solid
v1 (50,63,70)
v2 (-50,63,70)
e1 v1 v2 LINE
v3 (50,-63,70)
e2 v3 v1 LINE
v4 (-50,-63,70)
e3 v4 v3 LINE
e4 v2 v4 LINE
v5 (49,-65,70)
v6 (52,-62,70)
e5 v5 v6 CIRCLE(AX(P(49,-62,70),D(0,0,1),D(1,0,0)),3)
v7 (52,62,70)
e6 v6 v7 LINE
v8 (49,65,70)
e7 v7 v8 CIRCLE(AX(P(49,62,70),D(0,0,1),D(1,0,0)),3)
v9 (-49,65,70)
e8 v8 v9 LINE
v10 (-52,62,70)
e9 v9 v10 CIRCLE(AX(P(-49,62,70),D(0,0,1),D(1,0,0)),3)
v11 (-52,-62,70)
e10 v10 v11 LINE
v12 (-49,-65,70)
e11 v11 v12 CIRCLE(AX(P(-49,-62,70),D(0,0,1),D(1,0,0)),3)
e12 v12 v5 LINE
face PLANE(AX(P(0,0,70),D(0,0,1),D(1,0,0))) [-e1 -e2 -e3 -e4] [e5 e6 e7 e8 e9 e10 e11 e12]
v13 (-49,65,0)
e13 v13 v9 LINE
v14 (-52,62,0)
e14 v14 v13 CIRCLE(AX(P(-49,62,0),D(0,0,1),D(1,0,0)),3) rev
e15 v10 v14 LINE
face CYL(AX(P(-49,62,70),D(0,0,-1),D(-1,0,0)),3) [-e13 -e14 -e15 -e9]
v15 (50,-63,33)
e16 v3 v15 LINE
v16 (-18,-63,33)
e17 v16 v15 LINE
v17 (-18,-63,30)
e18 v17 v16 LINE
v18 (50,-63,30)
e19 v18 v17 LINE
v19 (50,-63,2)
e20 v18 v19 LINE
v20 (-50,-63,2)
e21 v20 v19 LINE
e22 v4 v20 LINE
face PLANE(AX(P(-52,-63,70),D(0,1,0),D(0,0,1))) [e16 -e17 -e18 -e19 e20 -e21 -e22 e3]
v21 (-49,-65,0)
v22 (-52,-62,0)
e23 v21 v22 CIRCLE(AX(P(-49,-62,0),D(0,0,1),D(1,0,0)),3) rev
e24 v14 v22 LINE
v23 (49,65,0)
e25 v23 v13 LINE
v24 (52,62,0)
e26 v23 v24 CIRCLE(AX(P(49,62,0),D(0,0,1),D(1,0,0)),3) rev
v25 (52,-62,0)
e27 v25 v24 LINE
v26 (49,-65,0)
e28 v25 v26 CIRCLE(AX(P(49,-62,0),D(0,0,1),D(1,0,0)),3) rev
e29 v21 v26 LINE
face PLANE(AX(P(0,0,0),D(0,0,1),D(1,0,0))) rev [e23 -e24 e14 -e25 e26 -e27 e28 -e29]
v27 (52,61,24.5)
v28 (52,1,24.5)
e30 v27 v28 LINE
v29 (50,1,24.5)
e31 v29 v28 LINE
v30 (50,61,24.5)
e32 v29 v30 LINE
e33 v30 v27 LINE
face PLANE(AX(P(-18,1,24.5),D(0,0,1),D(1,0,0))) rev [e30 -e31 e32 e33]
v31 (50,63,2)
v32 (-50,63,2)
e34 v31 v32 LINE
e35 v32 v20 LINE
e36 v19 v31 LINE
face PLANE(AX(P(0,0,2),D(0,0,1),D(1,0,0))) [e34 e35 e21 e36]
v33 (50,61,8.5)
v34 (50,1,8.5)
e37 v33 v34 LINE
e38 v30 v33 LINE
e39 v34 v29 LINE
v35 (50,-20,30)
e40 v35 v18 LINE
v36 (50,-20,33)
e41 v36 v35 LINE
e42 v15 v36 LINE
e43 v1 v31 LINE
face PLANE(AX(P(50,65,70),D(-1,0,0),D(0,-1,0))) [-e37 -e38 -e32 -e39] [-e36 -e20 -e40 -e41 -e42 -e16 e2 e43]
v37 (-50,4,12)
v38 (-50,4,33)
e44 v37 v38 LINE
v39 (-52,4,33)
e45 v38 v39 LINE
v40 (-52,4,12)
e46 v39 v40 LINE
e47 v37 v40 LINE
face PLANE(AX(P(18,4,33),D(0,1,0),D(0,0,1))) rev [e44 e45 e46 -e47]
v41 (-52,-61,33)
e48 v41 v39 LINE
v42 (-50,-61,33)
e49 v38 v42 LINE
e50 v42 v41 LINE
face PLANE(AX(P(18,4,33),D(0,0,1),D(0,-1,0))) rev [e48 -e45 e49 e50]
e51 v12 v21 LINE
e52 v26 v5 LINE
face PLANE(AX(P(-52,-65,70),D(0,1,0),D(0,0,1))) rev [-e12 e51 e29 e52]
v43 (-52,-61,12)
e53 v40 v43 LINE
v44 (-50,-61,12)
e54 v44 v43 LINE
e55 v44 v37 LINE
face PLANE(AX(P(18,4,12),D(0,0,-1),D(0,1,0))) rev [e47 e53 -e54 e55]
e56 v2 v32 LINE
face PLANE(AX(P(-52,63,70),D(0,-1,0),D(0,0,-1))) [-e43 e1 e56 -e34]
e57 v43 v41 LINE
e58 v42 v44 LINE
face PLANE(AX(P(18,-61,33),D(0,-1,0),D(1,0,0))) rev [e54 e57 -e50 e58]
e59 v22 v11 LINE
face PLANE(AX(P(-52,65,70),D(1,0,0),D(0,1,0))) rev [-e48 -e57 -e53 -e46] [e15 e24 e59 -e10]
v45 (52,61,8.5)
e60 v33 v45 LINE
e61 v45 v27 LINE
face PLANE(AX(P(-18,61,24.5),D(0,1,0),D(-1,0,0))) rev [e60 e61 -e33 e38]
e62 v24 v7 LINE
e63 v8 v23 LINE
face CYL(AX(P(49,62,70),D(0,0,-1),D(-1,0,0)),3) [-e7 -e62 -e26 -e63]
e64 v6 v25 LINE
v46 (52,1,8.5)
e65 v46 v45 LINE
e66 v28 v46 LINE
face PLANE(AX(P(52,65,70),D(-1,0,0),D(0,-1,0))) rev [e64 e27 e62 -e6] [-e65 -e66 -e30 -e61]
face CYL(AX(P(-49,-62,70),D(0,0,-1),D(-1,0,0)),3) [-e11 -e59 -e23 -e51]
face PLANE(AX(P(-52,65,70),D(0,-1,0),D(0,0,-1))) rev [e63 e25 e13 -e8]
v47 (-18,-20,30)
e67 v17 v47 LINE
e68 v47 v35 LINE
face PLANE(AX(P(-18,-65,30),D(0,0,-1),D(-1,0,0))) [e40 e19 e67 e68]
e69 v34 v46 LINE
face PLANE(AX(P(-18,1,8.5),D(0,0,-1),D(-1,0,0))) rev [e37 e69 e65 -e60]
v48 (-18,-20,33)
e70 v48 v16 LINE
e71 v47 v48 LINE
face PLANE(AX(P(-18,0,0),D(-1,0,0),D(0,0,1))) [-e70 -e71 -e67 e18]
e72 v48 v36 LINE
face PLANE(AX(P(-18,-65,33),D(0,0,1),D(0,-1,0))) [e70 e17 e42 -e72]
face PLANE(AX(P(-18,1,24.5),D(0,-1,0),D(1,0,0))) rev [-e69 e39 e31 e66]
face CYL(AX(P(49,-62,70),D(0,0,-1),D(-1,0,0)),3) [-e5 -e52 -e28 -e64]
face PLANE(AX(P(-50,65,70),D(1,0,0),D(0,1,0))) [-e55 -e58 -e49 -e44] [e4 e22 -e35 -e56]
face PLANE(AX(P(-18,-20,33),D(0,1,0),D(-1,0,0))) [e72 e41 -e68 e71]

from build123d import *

# Parameters (mm, degrees)
SKETCH_1_W          = 104
SKETCH_1_H          = 130
EXTRUDE_1_DEPTH     = 70
SHELL_1_T           = -2
SKETCH_4_W          = 21
SKETCH_4_H          = 65
CUT_EXTRUDE_1_DEPTH = 70
SKETCH_6_W          = 16
SKETCH_6_H          = 60
CUT_EXTRUDE_2_DEPTH = 70
SKETCH_13_W         = 3
SKETCH_13_H         = 45
EXTRUDE_5_DEPTH     = 70
FILLET_2_R          = 3


with BuildPart() as part:
    # 草圖1 → 填料-伸長1 (new body)
    with BuildSketch(Plane.XY):
        Rectangle(SKETCH_1_W, SKETCH_1_H)
    extrude(amount=EXTRUDE_1_DEPTH)

    # 薄殼1
    shell_1_openings = [part.faces().sort_by_distance(p)[0] for p in [
        (0, 0, 70),
    ]]
    offset(amount=SHELL_1_T, openings=shell_1_openings, kind=Kind.INTERSECTION)

    # 草圖4 → 除料-伸長1 (cut)
    with BuildSketch(Plane.ZY.offset(52)):
        with Locations((22.5, -28.5)):
            Rectangle(SKETCH_4_W, SKETCH_4_H)
    extrude(amount=-CUT_EXTRUDE_1_DEPTH, mode=Mode.SUBTRACT)

    # 草圖6 → 除料-伸長2 (cut)
    with BuildSketch(Plane(origin=(52, 0, 0), x_dir=(0, 0, -1), z_dir=(1, 0, 0))):
        with Locations((-16.5, 31)):
            Rectangle(SKETCH_6_W, SKETCH_6_H)
    extrude(amount=-CUT_EXTRUDE_2_DEPTH, mode=Mode.SUBTRACT)

    # 草圖13 → 填料-伸長5 (add)
    with BuildSketch(Plane(origin=(52, 0, 0), x_dir=(0, 0, -1), z_dir=(1, 0, 0))):
        with Locations((-31.5, -42.5)):
            Rectangle(SKETCH_13_W, SKETCH_13_H)
    extrude(amount=-EXTRUDE_5_DEPTH)

    # 圓角2
    fillet_2_edges = [part.edges().sort_by_distance(p)[0] for p in [
        (52, -65, 35),
        (-52, -65, 35),
        (-52, 65, 35),
        (52, 65, 35),
    ]]
    fillet(fillet_2_edges, radius=FILLET_2_R)


solid = part.part
